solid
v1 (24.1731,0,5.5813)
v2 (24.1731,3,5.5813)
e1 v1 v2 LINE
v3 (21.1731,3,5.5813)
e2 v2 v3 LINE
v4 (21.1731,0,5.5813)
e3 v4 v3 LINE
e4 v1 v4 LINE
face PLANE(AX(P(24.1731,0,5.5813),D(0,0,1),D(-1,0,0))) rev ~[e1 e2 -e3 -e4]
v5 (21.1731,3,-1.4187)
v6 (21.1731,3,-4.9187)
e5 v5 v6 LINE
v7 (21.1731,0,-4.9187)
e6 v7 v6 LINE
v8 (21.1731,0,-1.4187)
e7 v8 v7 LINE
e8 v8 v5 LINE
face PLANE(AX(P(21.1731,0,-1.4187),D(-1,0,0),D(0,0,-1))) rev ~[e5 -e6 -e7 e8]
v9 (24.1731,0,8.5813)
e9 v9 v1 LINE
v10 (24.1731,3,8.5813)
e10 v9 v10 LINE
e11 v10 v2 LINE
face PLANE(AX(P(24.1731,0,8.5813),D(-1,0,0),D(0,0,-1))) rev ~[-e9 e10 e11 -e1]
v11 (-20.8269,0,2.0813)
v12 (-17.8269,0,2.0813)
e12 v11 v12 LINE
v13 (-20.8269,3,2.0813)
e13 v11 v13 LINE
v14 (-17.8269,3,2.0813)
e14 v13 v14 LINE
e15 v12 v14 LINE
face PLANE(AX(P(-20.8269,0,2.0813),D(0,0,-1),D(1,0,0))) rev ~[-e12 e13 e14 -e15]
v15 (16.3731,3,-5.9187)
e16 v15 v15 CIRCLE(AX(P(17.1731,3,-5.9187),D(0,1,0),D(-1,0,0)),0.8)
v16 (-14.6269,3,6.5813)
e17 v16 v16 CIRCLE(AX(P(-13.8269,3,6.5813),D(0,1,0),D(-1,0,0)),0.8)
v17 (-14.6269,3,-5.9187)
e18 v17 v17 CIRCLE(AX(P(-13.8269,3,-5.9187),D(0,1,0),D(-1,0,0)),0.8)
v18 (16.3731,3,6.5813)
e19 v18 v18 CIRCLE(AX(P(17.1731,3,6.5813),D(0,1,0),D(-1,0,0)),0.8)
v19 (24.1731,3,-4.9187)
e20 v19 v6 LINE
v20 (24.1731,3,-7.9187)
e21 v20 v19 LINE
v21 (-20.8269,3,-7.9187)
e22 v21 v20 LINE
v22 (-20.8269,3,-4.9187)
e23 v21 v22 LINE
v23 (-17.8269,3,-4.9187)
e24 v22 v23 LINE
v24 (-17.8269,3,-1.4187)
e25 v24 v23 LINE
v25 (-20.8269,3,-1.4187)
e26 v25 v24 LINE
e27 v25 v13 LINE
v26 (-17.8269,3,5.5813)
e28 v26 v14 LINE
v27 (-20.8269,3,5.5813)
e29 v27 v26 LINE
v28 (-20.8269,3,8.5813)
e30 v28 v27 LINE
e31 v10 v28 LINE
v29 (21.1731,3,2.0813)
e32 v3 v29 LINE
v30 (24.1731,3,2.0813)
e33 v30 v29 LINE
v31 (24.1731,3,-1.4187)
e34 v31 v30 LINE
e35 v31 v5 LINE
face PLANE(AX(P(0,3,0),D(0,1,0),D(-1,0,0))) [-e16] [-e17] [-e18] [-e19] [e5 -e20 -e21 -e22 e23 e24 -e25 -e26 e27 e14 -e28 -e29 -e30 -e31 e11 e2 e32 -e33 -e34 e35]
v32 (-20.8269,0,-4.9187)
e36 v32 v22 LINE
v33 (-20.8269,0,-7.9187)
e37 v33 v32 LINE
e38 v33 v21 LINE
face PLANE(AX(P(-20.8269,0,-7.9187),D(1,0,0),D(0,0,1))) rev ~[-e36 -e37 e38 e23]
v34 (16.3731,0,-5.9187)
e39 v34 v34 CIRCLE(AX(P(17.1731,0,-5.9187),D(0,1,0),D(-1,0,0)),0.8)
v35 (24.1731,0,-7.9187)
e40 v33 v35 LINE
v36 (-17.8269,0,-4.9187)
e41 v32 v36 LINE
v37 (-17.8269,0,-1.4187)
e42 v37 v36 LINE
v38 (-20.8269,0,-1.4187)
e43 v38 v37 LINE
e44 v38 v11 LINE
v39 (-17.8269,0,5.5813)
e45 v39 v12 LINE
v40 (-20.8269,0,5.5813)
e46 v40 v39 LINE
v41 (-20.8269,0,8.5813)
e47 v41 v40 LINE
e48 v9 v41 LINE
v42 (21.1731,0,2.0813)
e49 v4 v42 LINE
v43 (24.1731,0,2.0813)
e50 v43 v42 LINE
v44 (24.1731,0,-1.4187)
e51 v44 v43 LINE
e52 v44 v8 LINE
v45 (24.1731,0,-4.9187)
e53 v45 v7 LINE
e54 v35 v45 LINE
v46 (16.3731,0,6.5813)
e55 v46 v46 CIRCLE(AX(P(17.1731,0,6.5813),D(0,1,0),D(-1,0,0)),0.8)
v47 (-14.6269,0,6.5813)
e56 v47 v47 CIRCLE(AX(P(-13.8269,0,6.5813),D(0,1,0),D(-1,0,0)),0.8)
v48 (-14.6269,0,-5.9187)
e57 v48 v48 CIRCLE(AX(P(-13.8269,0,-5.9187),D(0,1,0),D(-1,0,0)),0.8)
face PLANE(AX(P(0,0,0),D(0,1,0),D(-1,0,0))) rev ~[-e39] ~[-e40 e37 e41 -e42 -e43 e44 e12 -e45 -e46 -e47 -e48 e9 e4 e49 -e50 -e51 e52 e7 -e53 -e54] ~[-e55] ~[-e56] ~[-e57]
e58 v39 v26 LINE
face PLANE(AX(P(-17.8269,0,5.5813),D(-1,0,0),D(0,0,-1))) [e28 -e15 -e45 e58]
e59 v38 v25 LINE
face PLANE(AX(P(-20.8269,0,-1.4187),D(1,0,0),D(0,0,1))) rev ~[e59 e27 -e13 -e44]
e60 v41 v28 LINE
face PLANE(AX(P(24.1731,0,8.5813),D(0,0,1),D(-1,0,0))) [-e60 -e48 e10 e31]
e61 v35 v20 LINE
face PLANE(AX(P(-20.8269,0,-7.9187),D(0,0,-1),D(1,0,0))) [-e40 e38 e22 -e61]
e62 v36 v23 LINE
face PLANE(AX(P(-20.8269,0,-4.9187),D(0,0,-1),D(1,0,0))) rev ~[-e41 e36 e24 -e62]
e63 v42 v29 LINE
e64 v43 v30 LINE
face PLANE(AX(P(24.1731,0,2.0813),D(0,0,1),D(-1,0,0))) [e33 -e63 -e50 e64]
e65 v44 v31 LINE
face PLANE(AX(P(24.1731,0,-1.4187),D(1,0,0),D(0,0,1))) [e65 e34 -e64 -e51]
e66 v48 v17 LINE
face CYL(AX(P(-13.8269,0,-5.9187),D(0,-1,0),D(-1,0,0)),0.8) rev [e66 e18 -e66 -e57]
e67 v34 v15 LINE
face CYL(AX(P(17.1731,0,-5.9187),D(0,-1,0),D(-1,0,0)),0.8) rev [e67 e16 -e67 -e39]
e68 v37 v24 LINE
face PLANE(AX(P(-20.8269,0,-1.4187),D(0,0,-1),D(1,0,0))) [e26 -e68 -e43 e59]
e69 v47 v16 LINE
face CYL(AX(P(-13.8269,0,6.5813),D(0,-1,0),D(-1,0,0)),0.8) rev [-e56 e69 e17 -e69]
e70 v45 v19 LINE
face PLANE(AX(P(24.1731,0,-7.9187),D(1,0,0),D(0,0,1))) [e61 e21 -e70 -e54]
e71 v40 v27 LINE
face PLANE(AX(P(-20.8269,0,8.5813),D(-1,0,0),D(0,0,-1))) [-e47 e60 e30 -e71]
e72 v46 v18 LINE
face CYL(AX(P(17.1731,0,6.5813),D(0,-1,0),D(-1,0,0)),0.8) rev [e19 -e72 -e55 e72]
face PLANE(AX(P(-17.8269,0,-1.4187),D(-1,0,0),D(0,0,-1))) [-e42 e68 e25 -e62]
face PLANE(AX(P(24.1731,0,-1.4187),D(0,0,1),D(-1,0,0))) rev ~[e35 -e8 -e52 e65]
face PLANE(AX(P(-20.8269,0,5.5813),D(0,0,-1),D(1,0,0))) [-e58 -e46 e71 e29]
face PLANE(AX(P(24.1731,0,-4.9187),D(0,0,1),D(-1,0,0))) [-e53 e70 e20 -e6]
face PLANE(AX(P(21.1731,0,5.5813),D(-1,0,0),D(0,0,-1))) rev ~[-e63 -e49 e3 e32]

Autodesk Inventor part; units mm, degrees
ref_plane "YZ Plane" through (0, 0, 0) normal (1, 0, 0) x (0, 1, 0)
ref_plane "XZ Plane" through (0, 0, 0) normal (0, 1, 0) x (-1, 0, 0)
ref_plane "XY Plane" through (0, 0, 0) normal (0, 0, 1) x (1, 0, 0)
sketch "Sketch1" plane through (0, 0, 0) normal (0, 1, 0) x (-1, 0, 0)
  circle A0 centre (-17.1731, 6.5813) radius 0.8
  circle A1 centre (-17.1731, -5.9187) radius 0.8
  circle A2 centre (13.8269, 6.5813) radius 0.8
  circle A3 centre (13.8269, -5.9187) radius 0.8
  line L0 (-21.1731, 5.5813) -> (-21.1731, 2.0813)
  line L1 (-21.1731, -1.4187) -> (-21.1731, -4.9187)
  line L2 (17.8269, 5.5813) -> (17.8269, 2.0813)
  line L3 (17.8269, -1.4187) -> (17.8269, -4.9187)
  line L4 (-24.1731, 8.5813) -> (20.8269, 8.5813)
  line L5 (20.8269, -7.9187) -> (-24.1731, -7.9187)
  line L6 (-24.1731, -7.9187) -> (-24.1731, -4.9187)
  line L7 (-24.1731, -4.9187) -> (-21.1731, -4.9187)
  line L8 (-24.1731, 8.5813) -> (-24.1731, 5.5813)
  line L9 (-24.1731, 5.5813) -> (-21.1731, 5.5813)
  line L10 (-24.1731, -1.4187) -> (-21.1731, -1.4187)
  line L11 (-24.1731, 2.0813) -> (-21.1731, 2.0813)
  line L12 (-24.1731, -1.4187) -> (-24.1731, 2.0813)
  line L13 (20.8269, -7.9187) -> (20.8269, -4.9187)
  line L14 (20.8269, -4.9187) -> (17.8269, -4.9187)
  line L15 (20.8269, 8.5813) -> (20.8269, 5.5813)
  line L16 (20.8269, 5.5813) -> (17.8269, 5.5813)
  line L17 (20.8269, -1.4187) -> (17.8269, -1.4187)
  line L18 (20.8269, 2.0813) -> (17.8269, 2.0813)
  line L19 (20.8269, -1.4187) -> (20.8269, 2.0813)
  point P0 (0, 0)
extrude "Extrusion1" add sketch "Sketch1" along normal blind 3
properties part number "camMountBacking"
